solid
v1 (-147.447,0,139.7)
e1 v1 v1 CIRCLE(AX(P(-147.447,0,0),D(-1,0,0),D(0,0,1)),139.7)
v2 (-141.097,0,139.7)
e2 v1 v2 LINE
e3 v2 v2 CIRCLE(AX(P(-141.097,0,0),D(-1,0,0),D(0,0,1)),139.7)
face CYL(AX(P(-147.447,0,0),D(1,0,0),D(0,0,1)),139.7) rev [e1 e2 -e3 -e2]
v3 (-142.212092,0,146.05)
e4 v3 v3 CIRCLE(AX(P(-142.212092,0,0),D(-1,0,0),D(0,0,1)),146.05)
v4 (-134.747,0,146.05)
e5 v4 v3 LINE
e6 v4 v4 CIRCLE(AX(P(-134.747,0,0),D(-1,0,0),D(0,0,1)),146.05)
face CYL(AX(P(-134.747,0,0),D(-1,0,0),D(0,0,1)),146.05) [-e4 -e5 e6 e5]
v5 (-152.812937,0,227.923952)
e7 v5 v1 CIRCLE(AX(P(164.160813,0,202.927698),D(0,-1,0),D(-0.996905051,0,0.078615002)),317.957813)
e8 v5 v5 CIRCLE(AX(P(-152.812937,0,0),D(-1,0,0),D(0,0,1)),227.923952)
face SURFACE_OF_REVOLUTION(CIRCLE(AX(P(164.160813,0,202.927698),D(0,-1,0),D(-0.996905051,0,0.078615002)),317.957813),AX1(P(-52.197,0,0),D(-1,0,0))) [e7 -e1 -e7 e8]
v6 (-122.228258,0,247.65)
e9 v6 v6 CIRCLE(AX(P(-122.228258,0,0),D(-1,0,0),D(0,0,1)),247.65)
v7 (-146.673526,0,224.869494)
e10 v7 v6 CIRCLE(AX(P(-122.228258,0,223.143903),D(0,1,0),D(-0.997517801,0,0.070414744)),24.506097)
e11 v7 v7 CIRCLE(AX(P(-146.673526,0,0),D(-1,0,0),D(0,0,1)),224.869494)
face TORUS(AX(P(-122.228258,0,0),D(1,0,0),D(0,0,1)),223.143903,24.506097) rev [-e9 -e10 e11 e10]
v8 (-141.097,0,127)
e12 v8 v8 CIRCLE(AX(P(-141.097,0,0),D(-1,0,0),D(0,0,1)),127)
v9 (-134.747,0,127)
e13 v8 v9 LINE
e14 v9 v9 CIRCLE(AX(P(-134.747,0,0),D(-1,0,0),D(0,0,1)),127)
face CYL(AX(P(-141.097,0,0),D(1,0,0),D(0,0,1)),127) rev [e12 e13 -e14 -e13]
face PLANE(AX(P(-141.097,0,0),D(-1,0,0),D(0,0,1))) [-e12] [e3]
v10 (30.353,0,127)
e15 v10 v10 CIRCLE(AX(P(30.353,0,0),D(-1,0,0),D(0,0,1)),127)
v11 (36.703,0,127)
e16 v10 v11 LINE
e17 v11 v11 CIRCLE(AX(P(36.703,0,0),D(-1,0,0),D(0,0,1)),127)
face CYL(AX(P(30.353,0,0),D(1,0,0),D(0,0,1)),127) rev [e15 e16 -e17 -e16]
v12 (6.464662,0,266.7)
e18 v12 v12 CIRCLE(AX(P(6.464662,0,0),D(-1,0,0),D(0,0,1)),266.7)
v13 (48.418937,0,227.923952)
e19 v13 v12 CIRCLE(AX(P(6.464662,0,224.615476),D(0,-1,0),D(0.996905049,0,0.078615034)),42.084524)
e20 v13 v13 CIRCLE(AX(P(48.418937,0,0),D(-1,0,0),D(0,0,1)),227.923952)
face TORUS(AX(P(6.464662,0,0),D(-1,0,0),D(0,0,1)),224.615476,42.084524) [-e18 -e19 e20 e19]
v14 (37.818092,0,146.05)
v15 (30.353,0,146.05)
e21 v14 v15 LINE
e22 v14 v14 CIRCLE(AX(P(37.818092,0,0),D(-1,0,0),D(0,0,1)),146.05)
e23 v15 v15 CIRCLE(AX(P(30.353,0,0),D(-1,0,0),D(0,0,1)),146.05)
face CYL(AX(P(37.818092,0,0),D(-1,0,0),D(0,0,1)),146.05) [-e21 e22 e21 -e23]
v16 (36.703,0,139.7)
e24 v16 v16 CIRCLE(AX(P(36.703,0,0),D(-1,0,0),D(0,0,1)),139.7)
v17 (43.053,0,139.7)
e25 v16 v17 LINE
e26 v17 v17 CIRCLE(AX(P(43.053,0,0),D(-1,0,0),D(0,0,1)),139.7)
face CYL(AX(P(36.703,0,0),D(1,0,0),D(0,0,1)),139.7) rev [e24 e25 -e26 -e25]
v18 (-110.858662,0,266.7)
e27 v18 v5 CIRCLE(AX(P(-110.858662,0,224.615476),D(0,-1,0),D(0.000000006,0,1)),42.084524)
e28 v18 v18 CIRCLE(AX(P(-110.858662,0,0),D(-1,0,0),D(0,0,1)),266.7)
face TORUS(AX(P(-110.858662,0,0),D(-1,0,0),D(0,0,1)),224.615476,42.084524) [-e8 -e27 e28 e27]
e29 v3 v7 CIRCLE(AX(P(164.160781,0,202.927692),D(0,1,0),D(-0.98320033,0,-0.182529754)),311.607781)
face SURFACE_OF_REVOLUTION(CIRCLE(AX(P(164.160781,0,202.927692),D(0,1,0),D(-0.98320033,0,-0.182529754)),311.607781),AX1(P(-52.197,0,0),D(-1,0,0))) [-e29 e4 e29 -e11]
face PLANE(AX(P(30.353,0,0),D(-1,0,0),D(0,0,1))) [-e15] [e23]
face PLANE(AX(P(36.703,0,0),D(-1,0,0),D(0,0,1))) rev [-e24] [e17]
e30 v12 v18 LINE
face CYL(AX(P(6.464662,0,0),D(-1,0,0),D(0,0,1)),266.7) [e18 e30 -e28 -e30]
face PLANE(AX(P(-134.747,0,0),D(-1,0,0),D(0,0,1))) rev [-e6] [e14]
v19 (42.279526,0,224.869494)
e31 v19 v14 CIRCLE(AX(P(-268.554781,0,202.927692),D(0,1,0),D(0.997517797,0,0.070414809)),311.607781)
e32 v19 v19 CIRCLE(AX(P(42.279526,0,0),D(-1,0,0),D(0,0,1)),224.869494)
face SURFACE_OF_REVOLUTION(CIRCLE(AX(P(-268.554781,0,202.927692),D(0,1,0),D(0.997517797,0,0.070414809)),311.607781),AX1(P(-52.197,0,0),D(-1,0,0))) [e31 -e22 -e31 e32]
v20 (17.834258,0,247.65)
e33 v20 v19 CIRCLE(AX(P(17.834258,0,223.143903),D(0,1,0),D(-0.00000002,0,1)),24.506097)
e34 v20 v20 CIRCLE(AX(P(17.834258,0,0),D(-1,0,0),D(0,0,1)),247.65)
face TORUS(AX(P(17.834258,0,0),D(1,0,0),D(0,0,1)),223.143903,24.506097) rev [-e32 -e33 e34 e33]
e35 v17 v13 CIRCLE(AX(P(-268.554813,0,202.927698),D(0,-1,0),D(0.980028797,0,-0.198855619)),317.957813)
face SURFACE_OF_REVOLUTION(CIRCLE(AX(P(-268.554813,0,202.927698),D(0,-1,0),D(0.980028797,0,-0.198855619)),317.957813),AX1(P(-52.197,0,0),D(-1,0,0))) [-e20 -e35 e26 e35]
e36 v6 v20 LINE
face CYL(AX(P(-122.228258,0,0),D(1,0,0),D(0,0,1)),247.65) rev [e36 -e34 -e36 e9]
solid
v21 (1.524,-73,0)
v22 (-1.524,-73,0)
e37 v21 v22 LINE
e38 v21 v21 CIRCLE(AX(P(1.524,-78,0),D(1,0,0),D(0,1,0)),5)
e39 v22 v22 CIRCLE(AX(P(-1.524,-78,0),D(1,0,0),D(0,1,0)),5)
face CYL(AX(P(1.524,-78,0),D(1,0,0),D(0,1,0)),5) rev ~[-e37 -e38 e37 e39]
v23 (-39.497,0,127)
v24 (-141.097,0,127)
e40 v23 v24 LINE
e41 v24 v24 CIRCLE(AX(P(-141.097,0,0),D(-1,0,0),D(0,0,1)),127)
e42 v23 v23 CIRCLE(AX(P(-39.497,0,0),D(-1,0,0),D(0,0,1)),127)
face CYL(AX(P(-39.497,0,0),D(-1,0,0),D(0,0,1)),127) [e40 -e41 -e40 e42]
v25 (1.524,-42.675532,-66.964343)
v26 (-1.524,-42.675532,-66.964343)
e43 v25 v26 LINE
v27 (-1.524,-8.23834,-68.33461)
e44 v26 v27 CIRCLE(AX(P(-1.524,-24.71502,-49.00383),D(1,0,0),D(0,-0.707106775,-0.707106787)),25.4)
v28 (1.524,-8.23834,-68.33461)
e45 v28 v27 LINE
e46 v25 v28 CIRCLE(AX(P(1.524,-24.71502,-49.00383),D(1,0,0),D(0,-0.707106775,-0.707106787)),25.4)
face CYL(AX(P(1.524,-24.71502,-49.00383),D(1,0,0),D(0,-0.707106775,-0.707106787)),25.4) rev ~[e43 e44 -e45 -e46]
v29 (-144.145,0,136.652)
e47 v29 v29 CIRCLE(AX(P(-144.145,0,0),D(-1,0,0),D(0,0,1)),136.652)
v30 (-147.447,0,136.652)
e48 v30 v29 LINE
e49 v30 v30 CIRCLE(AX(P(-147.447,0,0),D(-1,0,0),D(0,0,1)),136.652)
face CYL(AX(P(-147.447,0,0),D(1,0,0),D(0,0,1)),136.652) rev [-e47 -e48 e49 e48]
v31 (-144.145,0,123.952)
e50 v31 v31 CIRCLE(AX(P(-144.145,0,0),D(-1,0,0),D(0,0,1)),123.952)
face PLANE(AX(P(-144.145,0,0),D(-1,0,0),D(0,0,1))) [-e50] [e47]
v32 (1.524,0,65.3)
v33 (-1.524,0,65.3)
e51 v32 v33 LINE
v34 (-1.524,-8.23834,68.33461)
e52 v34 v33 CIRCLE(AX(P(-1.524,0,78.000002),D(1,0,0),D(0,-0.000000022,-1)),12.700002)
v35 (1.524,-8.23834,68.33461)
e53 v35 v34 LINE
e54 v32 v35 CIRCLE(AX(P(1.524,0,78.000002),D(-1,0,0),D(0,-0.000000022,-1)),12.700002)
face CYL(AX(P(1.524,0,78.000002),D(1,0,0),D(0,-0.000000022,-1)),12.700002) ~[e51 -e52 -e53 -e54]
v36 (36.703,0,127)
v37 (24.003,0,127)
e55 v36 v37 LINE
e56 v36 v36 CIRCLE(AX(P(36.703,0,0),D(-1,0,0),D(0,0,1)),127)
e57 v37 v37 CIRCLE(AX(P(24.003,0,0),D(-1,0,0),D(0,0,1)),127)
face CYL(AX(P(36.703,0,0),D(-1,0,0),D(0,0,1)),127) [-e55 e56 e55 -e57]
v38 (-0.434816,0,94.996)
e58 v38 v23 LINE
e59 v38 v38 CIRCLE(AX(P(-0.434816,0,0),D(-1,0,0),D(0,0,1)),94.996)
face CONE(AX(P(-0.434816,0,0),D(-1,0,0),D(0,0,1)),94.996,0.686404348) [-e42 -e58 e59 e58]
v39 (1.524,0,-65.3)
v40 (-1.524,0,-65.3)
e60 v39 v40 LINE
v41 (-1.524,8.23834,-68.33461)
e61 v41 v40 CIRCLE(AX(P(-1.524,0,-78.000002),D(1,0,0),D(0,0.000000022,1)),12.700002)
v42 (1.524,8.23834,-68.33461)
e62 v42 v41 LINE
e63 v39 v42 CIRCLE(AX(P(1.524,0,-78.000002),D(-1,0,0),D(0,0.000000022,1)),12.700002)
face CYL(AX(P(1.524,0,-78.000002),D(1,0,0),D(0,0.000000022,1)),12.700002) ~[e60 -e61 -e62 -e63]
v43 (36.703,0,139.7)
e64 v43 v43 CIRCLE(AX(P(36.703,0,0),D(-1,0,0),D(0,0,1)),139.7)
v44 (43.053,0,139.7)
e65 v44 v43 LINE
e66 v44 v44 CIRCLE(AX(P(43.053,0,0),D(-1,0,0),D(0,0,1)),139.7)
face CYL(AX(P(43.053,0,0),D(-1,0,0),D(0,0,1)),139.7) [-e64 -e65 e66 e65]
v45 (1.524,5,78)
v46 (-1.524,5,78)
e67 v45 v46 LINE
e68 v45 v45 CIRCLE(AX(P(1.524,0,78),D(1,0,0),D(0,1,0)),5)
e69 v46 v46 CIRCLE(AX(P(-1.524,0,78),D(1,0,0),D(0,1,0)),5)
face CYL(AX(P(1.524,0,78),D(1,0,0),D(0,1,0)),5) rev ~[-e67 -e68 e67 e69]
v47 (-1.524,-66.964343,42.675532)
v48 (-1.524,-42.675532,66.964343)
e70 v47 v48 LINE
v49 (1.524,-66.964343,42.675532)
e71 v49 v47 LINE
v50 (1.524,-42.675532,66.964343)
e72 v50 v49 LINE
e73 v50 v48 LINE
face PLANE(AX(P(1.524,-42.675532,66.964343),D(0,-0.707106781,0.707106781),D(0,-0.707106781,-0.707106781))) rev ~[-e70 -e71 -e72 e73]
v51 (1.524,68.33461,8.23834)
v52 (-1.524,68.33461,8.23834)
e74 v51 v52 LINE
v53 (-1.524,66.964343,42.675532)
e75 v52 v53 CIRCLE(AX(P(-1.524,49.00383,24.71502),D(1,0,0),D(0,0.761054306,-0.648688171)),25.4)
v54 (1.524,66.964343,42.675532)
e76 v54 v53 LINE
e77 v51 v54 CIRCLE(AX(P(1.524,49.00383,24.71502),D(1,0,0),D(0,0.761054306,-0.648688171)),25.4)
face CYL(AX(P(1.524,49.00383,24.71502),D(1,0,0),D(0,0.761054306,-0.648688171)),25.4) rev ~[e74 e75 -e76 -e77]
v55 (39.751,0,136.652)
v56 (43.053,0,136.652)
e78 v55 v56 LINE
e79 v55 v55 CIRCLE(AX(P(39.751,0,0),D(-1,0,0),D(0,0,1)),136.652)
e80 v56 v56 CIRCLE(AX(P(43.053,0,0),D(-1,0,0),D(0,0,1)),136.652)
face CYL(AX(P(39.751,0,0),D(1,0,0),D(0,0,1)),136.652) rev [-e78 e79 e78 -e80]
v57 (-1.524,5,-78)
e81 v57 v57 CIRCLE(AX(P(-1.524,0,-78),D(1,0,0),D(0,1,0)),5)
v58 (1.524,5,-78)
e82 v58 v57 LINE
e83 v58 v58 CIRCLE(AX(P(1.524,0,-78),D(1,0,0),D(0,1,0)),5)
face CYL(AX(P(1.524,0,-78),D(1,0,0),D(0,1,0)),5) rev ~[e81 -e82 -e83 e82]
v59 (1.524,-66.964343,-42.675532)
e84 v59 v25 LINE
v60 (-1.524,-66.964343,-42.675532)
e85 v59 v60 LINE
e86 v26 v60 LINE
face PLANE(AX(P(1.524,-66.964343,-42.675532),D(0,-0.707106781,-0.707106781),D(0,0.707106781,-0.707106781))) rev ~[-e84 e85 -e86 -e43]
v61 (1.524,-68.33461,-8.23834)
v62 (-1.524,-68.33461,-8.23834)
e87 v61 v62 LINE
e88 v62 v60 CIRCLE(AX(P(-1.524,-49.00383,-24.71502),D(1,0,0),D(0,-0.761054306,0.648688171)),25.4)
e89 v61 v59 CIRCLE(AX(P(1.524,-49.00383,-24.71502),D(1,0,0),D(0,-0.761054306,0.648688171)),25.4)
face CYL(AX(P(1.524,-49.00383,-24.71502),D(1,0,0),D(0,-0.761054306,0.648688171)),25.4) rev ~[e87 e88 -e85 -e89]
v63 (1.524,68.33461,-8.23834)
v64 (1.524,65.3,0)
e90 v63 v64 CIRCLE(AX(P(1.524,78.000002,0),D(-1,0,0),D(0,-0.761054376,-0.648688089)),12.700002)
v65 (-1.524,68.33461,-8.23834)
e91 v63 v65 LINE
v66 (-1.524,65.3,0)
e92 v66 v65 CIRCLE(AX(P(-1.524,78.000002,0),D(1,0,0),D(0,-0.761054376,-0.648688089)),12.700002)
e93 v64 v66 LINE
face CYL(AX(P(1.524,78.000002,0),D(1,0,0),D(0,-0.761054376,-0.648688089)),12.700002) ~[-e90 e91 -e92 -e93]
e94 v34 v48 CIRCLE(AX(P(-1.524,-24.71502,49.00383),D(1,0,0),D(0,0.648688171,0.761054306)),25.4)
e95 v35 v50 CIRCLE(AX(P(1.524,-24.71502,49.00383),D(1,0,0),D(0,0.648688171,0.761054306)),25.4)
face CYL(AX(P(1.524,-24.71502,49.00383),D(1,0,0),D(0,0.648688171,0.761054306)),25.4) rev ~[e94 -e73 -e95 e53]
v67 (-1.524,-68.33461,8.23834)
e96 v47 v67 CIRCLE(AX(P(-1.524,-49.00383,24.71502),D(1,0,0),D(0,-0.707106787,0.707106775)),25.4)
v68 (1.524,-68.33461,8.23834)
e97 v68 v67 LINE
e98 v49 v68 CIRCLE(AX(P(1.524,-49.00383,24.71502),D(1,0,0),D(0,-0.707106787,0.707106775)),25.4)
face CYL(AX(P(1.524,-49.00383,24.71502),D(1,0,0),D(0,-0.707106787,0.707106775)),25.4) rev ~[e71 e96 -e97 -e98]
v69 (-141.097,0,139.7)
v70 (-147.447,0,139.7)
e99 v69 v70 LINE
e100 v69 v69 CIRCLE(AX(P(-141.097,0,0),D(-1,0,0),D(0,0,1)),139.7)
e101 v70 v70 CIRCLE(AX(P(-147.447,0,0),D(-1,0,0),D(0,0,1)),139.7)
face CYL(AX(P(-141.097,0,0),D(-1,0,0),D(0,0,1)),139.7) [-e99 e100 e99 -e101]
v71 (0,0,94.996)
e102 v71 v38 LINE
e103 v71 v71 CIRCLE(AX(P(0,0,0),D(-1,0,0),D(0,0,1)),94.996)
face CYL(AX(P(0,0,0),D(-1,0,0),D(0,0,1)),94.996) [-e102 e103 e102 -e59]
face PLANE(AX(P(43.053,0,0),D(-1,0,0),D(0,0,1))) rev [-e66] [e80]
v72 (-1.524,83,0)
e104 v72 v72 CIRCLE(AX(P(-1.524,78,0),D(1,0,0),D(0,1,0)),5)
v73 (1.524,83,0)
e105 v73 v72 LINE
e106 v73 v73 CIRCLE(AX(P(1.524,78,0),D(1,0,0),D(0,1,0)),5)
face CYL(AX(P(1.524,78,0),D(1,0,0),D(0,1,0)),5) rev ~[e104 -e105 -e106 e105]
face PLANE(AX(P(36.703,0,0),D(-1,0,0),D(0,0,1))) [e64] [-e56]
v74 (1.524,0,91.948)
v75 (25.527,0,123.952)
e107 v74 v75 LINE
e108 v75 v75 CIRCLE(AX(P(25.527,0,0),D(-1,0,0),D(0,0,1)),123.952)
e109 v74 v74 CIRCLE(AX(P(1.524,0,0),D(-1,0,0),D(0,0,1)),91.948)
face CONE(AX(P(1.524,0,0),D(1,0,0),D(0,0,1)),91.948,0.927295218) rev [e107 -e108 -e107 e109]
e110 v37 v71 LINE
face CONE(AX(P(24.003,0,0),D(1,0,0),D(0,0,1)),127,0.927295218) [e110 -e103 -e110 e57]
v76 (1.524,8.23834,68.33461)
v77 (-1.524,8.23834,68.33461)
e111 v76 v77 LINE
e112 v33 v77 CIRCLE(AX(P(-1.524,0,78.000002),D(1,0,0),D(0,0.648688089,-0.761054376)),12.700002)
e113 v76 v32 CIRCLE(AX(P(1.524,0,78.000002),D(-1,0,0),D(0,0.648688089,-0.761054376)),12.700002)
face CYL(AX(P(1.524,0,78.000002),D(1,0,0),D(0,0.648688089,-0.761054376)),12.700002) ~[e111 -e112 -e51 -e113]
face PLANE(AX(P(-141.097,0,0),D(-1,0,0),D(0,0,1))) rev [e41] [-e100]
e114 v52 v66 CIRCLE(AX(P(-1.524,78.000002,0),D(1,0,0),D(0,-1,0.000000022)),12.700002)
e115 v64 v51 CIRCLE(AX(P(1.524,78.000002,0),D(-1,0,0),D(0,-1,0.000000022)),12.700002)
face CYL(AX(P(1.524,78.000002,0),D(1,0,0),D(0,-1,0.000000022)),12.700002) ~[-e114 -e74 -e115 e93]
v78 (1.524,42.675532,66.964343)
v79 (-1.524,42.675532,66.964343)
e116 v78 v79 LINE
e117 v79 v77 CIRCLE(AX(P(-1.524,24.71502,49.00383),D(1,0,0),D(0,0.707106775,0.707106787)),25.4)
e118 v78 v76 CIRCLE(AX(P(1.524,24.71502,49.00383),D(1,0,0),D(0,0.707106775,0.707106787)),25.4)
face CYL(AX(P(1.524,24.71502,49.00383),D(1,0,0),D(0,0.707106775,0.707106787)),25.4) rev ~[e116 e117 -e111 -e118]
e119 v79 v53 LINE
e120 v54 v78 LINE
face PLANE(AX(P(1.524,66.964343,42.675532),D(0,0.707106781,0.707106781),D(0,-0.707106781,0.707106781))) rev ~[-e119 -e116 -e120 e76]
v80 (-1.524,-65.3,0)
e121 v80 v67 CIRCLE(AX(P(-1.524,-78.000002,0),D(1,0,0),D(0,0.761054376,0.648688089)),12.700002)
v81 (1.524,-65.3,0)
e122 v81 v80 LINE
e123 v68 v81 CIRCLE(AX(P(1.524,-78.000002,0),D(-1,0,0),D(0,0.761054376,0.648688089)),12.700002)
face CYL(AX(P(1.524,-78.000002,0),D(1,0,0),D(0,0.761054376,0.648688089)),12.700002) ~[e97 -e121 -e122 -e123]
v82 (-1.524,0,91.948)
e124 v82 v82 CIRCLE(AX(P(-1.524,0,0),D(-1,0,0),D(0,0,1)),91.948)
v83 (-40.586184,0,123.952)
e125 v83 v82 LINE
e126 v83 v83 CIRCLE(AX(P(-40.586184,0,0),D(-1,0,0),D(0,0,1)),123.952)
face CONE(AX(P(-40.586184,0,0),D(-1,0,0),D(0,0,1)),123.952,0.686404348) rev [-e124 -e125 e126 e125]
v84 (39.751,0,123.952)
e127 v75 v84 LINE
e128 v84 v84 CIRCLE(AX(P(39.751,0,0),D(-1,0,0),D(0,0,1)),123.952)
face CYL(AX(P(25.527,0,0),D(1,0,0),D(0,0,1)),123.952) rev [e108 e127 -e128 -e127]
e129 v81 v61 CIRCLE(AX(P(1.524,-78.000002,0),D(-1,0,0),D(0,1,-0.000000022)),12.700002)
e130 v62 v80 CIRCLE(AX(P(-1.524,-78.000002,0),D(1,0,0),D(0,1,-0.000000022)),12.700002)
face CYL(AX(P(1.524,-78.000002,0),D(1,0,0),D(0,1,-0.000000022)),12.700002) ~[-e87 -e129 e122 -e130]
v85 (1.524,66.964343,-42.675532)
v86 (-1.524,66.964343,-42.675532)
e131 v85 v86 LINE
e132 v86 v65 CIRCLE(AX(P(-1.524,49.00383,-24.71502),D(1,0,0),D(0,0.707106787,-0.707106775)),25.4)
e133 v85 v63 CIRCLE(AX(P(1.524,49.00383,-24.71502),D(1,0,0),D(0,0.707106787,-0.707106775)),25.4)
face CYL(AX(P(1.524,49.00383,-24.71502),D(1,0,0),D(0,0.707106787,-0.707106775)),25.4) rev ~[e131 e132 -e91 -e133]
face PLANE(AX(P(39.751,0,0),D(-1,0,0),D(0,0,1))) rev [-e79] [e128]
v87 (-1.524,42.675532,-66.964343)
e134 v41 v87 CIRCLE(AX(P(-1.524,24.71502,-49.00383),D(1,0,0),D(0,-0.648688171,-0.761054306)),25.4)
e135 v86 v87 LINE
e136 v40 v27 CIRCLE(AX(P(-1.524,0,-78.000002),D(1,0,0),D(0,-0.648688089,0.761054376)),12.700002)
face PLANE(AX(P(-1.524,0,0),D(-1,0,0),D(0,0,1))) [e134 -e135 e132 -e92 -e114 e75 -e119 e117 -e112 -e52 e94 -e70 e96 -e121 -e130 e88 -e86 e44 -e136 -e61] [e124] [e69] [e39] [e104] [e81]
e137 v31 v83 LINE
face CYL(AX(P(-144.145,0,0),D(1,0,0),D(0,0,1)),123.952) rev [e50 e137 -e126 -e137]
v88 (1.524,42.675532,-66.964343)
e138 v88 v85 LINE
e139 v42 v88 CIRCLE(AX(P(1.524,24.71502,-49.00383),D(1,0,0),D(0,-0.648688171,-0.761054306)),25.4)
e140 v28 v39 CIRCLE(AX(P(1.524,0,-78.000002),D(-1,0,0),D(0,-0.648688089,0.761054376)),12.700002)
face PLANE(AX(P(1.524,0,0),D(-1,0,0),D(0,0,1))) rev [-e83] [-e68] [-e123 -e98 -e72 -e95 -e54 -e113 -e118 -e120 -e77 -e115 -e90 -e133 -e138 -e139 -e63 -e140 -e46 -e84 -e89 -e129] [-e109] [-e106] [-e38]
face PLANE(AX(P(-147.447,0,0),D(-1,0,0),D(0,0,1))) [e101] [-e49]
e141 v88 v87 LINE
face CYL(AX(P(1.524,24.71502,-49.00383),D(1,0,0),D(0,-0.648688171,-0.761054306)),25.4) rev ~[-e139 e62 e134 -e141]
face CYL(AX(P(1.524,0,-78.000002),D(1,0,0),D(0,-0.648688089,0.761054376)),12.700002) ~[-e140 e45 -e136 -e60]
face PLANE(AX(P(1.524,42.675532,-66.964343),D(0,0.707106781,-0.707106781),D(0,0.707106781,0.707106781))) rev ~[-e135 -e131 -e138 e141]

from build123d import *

# Parameters (mm, degrees)
F3_R     = 5
F4_DEPTH = 148.972


with BuildPart() as f1:
    # F0 (on Front) → F1 (revolve)
    with BuildSketch(Plane.XZ):
        Polygon((-141.097, 127), (-141.097, 139.7), (-147.447, 139.7), (-147.447, 136.652), (-144.145, 136.652), (-144.145, 123.952), (-40.586184, 123.952), (-1.524, 91.948), (-1.524, 0), (1.524, 0), (1.524, 91.948), (25.527, 123.952), (39.751, 123.952), (39.751, 136.652), (43.053, 136.652), (43.053, 139.7), (36.703, 139.7), (36.703, 127), (24.003, 127), (0, 94.996), (-0.434816, 94.996), (-39.497, 127), align=None)
    revolve(axis=Axis((0, 0, 0), (-1, 0, 0)))

    # F3 (on face) → F4 (cut, through all)
    with BuildSketch(Plane.YZ.offset(1.524)):
        with Locations((0, 78)):
            Circle(F3_R)
        with BuildLine():
            ThreePointArc((8.23834, 68.33461), (4.389735, 66.082776), (0, 65.3))
            ThreePointArc((0, 65.3), (-4.389735, 66.082776), (-8.23834, 68.33461))
            ThreePointArc((-8.23834, 68.33461), (-25.724895, 74.383747), (-42.675532, 66.964343))
            Line((-42.675532, 66.964343), (-66.964343, 42.675532))
            ThreePointArc((-66.964343, 42.675532), (-74.383747, 25.724895), (-68.33461, 8.23834))
            ThreePointArc((-68.33461, 8.23834), (-66.082776, 4.389735), (-65.3, 0))
            ThreePointArc((-65.3, 0), (-66.082776, -4.389735), (-68.33461, -8.23834))
            ThreePointArc((-68.33461, -8.23834), (-74.383747, -25.724895), (-66.964343, -42.675532))
            Line((-66.964343, -42.675532), (-42.675532, -66.964343))
            ThreePointArc((-42.675532, -66.964343), (-25.724895, -74.383747), (-8.23834, -68.33461))
            ThreePointArc((-8.23834, -68.33461), (-4.389735, -66.082776), (0, -65.3))
            ThreePointArc((0, -65.3), (4.389735, -66.082776), (8.23834, -68.33461))
            ThreePointArc((8.23834, -68.33461), (25.724895, -74.383747), (42.675532, -66.964343))
            Line((42.675532, -66.964343), (66.964343, -42.675532))
            ThreePointArc((66.964343, -42.675532), (74.383747, -25.724895), (68.33461, -8.23834))
            ThreePointArc((68.33461, -8.23834), (66.082776, -4.389735), (65.3, 0))
            ThreePointArc((65.3, 0), (66.082776, 4.389735), (68.33461, 8.23834))
            ThreePointArc((68.33461, 8.23834), (74.383747, 25.724895), (66.964343, 42.675532))
            Line((66.964343, 42.675532), (42.675532, 66.964343))
            ThreePointArc((42.675532, 66.964343), (25.724895, 74.383747), (8.23834, 68.33461))
        make_face()
        with Locations((-78, 0)):
            Circle(F3_R)
        with Locations((0, -78)):
            Circle(F3_R)
        with Locations((78, 0)):
            Circle(F3_R)
    extrude(amount=-F4_DEPTH, mode=Mode.SUBTRACT)


with BuildPart() as f5:
    # F2 (on Front) → F5 (revolve)
    with BuildSketch(Plane.XZ):
        with BuildLine():
            Line((-141.097, 139.7), (-141.097, 127))
            Line((-141.097, 127), (-134.747, 127))
            Line((-134.747, 127), (-134.747, 146.05))
            Line((-134.747, 146.05), (-142.212092, 146.05))
            ThreePointArc((-142.212092, 146.05), (-146.949013, 185.317888), (-146.673526, 224.869494))
            ThreePointArc((-146.673526, 224.869494), (-138.935461, 241.072042), (-122.228258, 247.65))
            Line((-122.228258, 247.65), (-53.00985, 247.65))
            Line((-53.00985, 247.65), (-51.38415, 247.65))
            Line((-51.38415, 247.65), (17.834258, 247.65))
            ThreePointArc((17.834258, 247.65), (34.541461, 241.072042), (42.279526, 224.869494))
            ThreePointArc((42.279526, 224.869494), (42.555013, 185.317888), (37.818092, 146.05))
            Line((37.818092, 146.05), (30.353, 146.05))
            Line((30.353, 146.05), (30.353, 127))
            Line((30.353, 127), (36.703, 127))
            Line((36.703, 127), (36.703, 139.7))
            Line((36.703, 139.7), (43.053, 139.7))
            ThreePointArc((43.053, 139.7), (48.816518, 183.624611), (48.418937, 227.923952))
            ThreePointArc((48.418937, 227.923952), (35.029252, 255.521323), (6.464662, 266.7))
            Line((6.464662, 266.7), (-52.197, 266.7))
            Line((-52.197, 266.7), (-110.858662, 266.7))
            ThreePointArc((-110.858662, 266.7), (-139.423252, 255.521323), (-152.812937, 227.923952))
            ThreePointArc((-152.812937, 227.923952), (-153.210518, 183.624611), (-147.447, 139.7))
            Line((-147.447, 139.7), (-141.097, 139.7))
        make_face()
    revolve(axis=Axis((-52.197, 0, 0), (-1, 0, 0)))


solid = Compound([f1.part, f5.part])
